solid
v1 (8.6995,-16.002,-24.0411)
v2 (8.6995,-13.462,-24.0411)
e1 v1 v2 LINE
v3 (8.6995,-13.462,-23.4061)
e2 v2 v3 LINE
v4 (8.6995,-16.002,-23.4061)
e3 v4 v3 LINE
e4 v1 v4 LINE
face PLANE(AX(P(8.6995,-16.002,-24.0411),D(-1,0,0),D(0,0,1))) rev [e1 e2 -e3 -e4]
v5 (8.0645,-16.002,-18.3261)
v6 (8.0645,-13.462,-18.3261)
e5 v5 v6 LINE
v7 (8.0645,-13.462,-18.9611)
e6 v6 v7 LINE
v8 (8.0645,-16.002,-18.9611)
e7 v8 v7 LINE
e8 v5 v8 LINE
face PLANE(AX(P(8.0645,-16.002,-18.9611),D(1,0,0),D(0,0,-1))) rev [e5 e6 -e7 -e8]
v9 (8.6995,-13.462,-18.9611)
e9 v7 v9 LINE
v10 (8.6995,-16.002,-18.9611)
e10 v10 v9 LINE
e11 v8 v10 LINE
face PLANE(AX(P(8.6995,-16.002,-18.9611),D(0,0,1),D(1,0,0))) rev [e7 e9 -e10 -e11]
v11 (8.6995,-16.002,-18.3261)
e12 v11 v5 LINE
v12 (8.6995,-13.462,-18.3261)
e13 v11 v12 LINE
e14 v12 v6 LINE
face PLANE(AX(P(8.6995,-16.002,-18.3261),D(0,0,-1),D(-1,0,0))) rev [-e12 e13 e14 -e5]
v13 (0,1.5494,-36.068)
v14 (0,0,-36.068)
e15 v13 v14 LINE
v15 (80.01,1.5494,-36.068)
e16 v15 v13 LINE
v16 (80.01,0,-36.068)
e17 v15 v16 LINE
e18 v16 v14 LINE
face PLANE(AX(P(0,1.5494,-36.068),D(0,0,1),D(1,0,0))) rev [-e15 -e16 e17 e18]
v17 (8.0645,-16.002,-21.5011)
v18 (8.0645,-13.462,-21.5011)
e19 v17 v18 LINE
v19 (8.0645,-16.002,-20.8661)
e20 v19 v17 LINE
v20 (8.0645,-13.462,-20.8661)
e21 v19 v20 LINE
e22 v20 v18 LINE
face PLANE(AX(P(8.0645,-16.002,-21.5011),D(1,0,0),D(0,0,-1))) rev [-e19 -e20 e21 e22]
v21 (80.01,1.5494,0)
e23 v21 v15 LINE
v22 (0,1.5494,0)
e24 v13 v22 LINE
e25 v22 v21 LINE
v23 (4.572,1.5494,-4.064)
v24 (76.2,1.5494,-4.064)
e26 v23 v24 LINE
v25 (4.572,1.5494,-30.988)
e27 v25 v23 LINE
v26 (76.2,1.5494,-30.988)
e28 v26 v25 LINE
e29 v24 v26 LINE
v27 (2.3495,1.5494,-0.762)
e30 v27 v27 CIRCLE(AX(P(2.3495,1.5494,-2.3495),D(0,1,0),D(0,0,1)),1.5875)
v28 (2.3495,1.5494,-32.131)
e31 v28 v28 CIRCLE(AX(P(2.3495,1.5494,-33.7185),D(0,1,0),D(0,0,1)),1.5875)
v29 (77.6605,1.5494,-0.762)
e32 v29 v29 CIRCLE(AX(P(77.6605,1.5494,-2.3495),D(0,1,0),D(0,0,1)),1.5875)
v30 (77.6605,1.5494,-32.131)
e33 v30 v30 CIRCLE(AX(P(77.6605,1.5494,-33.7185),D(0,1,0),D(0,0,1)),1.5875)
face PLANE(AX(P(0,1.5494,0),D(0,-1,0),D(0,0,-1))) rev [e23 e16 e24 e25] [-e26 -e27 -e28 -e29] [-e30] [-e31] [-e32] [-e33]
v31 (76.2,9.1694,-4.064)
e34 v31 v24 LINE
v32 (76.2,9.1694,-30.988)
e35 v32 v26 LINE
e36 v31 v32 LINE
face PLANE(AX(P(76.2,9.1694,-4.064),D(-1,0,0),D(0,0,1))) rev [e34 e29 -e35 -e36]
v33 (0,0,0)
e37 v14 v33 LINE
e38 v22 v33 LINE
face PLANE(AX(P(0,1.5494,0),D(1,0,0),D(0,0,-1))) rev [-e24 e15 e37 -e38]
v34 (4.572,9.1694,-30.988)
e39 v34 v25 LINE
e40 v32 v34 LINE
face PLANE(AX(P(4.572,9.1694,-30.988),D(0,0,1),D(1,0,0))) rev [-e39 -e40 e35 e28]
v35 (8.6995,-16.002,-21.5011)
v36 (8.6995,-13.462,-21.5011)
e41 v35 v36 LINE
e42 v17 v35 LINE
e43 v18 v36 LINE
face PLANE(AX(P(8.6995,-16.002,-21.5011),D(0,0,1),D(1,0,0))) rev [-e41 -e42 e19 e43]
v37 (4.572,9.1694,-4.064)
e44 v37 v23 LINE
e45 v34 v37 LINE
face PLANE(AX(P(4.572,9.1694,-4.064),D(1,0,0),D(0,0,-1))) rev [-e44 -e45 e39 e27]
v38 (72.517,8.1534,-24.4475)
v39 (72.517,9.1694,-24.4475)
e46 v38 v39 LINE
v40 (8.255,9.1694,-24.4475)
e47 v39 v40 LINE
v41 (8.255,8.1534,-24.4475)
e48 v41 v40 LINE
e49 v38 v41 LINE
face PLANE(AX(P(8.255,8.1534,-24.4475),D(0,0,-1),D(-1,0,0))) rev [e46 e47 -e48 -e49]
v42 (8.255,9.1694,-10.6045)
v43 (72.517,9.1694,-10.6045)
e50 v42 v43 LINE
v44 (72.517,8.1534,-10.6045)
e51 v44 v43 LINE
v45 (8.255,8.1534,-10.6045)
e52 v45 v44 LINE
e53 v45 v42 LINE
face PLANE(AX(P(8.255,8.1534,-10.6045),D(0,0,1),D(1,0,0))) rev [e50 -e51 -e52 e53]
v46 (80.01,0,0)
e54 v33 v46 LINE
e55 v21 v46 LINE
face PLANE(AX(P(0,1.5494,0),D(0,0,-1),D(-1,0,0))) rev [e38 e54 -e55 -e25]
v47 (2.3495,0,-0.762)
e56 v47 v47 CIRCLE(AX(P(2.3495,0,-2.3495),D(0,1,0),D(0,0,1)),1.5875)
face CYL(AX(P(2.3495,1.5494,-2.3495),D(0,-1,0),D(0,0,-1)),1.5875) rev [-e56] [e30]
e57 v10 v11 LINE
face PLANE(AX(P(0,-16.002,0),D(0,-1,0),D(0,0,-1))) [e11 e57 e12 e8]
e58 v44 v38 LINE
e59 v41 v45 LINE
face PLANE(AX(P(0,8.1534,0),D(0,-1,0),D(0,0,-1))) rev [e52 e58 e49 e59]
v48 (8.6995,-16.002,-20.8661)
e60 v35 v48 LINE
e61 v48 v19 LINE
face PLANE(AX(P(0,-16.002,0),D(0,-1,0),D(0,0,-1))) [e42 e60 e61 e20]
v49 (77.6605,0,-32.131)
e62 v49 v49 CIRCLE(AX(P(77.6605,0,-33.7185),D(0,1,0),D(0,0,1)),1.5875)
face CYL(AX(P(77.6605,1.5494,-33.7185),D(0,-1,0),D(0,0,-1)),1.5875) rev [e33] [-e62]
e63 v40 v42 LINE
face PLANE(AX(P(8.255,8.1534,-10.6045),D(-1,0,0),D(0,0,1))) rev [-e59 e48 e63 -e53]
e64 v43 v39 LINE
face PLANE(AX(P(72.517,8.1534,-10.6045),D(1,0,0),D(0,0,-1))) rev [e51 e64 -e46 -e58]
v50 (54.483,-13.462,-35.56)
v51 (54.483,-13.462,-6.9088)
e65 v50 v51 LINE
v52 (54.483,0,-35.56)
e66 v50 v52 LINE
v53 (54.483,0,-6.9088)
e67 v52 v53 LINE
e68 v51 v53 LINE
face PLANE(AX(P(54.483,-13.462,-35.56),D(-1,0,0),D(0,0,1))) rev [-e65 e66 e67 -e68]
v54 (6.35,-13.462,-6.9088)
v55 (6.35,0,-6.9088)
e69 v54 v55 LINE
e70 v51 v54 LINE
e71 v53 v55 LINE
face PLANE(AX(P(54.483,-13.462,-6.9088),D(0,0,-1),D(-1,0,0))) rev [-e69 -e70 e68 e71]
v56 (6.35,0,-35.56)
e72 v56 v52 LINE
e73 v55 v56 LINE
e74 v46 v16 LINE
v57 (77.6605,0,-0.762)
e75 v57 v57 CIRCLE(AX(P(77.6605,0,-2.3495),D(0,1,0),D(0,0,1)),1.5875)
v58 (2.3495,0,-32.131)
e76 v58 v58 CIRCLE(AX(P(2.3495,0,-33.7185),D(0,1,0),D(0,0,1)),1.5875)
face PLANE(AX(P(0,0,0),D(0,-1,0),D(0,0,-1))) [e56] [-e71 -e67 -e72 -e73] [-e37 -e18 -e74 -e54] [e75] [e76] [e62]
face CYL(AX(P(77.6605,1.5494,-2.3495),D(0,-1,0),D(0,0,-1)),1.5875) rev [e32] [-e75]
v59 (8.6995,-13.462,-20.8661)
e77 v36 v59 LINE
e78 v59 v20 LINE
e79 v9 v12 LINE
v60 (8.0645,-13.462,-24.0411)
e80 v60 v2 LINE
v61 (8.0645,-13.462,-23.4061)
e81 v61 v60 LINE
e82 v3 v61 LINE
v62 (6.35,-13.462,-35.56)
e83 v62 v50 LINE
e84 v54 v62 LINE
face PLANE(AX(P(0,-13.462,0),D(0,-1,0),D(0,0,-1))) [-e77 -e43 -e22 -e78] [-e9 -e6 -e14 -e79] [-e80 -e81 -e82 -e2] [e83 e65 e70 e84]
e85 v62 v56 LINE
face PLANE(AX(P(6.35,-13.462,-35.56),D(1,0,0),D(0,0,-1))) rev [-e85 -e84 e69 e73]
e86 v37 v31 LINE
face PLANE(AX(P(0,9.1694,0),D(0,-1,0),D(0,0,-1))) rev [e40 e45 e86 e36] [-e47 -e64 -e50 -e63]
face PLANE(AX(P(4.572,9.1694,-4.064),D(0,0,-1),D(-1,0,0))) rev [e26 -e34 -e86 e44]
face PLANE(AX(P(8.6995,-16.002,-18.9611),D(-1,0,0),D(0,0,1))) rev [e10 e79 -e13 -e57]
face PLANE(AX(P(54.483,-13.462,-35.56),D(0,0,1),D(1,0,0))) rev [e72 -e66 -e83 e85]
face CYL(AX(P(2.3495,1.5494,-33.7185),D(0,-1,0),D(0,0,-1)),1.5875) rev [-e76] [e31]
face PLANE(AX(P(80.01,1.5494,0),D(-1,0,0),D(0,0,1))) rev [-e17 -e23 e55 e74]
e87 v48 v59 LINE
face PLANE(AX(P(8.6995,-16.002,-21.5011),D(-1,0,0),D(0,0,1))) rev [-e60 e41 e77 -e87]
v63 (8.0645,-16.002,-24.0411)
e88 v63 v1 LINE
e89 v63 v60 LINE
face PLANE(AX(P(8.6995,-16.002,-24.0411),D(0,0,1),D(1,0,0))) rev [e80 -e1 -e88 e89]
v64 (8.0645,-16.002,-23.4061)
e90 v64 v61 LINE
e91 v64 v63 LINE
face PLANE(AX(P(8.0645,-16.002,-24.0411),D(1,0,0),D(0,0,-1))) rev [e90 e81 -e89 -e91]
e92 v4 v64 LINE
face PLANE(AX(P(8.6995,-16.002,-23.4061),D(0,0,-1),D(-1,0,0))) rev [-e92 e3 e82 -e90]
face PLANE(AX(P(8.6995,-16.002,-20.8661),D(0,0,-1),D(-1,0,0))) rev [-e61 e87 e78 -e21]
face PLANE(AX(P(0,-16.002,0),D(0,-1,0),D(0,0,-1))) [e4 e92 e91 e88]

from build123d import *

# Parameters (mm, degrees)
SKETCH1_W           = 80.01
SKETCH1_H           = 36.068
SKETCH1_R           = 1.5875
PCB_DEPTH           = 1.5494
SKETCH2_W           = 71.628
SKETCH2_H           = 26.924
BOSS_EXTRUDE2_DEPTH = 7.62
SKETCH3_W           = 64.262
SKETCH3_H           = 13.843
SCREEN_DEPTH        = 1.016
SKETCH4_W           = 48.133
SKETCH4_H           = 28.6512
CIRCUITS_DEPTH      = 13.462
SKETCH5_W           = 0.635
SKETCH5_H           = 0.635
PINS_DEPTH          = 2.54


with BuildPart() as part:
    # Sketch1 → PCB (new body)
    with BuildSketch(Plane(origin=(0, 0, 0), x_dir=(1, 0, 0), z_dir=(0, 1, 0))):
        with Locations((40.005, 18.034)):
            Rectangle(SKETCH1_W, SKETCH1_H)
        with Locations((2.3495, 2.3495)):
            Circle(SKETCH1_R, mode=Mode.SUBTRACT)
        with Locations((77.6605, 2.3495)):
            Circle(SKETCH1_R, mode=Mode.SUBTRACT)
        with Locations((77.6605, 33.7185)):
            Circle(SKETCH1_R, mode=Mode.SUBTRACT)
        with Locations((2.3495, 33.7185)):
            Circle(SKETCH1_R, mode=Mode.SUBTRACT)
    extrude(amount=PCB_DEPTH)

    # Sketch2 → Boss-Extrude2 (add)
    with BuildSketch(Plane(origin=(0, 1.5494, 0), x_dir=(1, 0, 0), z_dir=(0, 1, 0))):
        with Locations((40.386, 17.526)):
            Rectangle(SKETCH2_W, SKETCH2_H)
    extrude(amount=BOSS_EXTRUDE2_DEPTH)

    # Sketch3 → Screen (cut)
    with BuildSketch(Plane(origin=(0, 9.1694, 0), x_dir=(1, 0, 0), z_dir=(0, 1, 0))):
        with Locations((40.386, 17.526)):
            Rectangle(SKETCH3_W, SKETCH3_H)
    extrude(amount=-SCREEN_DEPTH, mode=Mode.SUBTRACT)

    # Sketch4 → Circuits (add)
    with BuildSketch(Plane.XZ):
        with Locations((30.4165, -21.2344)):
            Rectangle(SKETCH4_W, SKETCH4_H)
    extrude(amount=CIRCUITS_DEPTH)

    # Sketch5 → Pins (add)
    with BuildSketch(Plane.XZ.offset(13.462)):
        with Locations((8.382, -18.6436)):
            Rectangle(SKETCH5_W, SKETCH5_H)
        with Locations((8.382, -21.1836)):
            Rectangle(SKETCH5_W, SKETCH5_H)
        with Locations((8.382, -23.7236)):
            Rectangle(SKETCH5_W, SKETCH5_H)
    extrude(amount=PINS_DEPTH)


solid = part.part
